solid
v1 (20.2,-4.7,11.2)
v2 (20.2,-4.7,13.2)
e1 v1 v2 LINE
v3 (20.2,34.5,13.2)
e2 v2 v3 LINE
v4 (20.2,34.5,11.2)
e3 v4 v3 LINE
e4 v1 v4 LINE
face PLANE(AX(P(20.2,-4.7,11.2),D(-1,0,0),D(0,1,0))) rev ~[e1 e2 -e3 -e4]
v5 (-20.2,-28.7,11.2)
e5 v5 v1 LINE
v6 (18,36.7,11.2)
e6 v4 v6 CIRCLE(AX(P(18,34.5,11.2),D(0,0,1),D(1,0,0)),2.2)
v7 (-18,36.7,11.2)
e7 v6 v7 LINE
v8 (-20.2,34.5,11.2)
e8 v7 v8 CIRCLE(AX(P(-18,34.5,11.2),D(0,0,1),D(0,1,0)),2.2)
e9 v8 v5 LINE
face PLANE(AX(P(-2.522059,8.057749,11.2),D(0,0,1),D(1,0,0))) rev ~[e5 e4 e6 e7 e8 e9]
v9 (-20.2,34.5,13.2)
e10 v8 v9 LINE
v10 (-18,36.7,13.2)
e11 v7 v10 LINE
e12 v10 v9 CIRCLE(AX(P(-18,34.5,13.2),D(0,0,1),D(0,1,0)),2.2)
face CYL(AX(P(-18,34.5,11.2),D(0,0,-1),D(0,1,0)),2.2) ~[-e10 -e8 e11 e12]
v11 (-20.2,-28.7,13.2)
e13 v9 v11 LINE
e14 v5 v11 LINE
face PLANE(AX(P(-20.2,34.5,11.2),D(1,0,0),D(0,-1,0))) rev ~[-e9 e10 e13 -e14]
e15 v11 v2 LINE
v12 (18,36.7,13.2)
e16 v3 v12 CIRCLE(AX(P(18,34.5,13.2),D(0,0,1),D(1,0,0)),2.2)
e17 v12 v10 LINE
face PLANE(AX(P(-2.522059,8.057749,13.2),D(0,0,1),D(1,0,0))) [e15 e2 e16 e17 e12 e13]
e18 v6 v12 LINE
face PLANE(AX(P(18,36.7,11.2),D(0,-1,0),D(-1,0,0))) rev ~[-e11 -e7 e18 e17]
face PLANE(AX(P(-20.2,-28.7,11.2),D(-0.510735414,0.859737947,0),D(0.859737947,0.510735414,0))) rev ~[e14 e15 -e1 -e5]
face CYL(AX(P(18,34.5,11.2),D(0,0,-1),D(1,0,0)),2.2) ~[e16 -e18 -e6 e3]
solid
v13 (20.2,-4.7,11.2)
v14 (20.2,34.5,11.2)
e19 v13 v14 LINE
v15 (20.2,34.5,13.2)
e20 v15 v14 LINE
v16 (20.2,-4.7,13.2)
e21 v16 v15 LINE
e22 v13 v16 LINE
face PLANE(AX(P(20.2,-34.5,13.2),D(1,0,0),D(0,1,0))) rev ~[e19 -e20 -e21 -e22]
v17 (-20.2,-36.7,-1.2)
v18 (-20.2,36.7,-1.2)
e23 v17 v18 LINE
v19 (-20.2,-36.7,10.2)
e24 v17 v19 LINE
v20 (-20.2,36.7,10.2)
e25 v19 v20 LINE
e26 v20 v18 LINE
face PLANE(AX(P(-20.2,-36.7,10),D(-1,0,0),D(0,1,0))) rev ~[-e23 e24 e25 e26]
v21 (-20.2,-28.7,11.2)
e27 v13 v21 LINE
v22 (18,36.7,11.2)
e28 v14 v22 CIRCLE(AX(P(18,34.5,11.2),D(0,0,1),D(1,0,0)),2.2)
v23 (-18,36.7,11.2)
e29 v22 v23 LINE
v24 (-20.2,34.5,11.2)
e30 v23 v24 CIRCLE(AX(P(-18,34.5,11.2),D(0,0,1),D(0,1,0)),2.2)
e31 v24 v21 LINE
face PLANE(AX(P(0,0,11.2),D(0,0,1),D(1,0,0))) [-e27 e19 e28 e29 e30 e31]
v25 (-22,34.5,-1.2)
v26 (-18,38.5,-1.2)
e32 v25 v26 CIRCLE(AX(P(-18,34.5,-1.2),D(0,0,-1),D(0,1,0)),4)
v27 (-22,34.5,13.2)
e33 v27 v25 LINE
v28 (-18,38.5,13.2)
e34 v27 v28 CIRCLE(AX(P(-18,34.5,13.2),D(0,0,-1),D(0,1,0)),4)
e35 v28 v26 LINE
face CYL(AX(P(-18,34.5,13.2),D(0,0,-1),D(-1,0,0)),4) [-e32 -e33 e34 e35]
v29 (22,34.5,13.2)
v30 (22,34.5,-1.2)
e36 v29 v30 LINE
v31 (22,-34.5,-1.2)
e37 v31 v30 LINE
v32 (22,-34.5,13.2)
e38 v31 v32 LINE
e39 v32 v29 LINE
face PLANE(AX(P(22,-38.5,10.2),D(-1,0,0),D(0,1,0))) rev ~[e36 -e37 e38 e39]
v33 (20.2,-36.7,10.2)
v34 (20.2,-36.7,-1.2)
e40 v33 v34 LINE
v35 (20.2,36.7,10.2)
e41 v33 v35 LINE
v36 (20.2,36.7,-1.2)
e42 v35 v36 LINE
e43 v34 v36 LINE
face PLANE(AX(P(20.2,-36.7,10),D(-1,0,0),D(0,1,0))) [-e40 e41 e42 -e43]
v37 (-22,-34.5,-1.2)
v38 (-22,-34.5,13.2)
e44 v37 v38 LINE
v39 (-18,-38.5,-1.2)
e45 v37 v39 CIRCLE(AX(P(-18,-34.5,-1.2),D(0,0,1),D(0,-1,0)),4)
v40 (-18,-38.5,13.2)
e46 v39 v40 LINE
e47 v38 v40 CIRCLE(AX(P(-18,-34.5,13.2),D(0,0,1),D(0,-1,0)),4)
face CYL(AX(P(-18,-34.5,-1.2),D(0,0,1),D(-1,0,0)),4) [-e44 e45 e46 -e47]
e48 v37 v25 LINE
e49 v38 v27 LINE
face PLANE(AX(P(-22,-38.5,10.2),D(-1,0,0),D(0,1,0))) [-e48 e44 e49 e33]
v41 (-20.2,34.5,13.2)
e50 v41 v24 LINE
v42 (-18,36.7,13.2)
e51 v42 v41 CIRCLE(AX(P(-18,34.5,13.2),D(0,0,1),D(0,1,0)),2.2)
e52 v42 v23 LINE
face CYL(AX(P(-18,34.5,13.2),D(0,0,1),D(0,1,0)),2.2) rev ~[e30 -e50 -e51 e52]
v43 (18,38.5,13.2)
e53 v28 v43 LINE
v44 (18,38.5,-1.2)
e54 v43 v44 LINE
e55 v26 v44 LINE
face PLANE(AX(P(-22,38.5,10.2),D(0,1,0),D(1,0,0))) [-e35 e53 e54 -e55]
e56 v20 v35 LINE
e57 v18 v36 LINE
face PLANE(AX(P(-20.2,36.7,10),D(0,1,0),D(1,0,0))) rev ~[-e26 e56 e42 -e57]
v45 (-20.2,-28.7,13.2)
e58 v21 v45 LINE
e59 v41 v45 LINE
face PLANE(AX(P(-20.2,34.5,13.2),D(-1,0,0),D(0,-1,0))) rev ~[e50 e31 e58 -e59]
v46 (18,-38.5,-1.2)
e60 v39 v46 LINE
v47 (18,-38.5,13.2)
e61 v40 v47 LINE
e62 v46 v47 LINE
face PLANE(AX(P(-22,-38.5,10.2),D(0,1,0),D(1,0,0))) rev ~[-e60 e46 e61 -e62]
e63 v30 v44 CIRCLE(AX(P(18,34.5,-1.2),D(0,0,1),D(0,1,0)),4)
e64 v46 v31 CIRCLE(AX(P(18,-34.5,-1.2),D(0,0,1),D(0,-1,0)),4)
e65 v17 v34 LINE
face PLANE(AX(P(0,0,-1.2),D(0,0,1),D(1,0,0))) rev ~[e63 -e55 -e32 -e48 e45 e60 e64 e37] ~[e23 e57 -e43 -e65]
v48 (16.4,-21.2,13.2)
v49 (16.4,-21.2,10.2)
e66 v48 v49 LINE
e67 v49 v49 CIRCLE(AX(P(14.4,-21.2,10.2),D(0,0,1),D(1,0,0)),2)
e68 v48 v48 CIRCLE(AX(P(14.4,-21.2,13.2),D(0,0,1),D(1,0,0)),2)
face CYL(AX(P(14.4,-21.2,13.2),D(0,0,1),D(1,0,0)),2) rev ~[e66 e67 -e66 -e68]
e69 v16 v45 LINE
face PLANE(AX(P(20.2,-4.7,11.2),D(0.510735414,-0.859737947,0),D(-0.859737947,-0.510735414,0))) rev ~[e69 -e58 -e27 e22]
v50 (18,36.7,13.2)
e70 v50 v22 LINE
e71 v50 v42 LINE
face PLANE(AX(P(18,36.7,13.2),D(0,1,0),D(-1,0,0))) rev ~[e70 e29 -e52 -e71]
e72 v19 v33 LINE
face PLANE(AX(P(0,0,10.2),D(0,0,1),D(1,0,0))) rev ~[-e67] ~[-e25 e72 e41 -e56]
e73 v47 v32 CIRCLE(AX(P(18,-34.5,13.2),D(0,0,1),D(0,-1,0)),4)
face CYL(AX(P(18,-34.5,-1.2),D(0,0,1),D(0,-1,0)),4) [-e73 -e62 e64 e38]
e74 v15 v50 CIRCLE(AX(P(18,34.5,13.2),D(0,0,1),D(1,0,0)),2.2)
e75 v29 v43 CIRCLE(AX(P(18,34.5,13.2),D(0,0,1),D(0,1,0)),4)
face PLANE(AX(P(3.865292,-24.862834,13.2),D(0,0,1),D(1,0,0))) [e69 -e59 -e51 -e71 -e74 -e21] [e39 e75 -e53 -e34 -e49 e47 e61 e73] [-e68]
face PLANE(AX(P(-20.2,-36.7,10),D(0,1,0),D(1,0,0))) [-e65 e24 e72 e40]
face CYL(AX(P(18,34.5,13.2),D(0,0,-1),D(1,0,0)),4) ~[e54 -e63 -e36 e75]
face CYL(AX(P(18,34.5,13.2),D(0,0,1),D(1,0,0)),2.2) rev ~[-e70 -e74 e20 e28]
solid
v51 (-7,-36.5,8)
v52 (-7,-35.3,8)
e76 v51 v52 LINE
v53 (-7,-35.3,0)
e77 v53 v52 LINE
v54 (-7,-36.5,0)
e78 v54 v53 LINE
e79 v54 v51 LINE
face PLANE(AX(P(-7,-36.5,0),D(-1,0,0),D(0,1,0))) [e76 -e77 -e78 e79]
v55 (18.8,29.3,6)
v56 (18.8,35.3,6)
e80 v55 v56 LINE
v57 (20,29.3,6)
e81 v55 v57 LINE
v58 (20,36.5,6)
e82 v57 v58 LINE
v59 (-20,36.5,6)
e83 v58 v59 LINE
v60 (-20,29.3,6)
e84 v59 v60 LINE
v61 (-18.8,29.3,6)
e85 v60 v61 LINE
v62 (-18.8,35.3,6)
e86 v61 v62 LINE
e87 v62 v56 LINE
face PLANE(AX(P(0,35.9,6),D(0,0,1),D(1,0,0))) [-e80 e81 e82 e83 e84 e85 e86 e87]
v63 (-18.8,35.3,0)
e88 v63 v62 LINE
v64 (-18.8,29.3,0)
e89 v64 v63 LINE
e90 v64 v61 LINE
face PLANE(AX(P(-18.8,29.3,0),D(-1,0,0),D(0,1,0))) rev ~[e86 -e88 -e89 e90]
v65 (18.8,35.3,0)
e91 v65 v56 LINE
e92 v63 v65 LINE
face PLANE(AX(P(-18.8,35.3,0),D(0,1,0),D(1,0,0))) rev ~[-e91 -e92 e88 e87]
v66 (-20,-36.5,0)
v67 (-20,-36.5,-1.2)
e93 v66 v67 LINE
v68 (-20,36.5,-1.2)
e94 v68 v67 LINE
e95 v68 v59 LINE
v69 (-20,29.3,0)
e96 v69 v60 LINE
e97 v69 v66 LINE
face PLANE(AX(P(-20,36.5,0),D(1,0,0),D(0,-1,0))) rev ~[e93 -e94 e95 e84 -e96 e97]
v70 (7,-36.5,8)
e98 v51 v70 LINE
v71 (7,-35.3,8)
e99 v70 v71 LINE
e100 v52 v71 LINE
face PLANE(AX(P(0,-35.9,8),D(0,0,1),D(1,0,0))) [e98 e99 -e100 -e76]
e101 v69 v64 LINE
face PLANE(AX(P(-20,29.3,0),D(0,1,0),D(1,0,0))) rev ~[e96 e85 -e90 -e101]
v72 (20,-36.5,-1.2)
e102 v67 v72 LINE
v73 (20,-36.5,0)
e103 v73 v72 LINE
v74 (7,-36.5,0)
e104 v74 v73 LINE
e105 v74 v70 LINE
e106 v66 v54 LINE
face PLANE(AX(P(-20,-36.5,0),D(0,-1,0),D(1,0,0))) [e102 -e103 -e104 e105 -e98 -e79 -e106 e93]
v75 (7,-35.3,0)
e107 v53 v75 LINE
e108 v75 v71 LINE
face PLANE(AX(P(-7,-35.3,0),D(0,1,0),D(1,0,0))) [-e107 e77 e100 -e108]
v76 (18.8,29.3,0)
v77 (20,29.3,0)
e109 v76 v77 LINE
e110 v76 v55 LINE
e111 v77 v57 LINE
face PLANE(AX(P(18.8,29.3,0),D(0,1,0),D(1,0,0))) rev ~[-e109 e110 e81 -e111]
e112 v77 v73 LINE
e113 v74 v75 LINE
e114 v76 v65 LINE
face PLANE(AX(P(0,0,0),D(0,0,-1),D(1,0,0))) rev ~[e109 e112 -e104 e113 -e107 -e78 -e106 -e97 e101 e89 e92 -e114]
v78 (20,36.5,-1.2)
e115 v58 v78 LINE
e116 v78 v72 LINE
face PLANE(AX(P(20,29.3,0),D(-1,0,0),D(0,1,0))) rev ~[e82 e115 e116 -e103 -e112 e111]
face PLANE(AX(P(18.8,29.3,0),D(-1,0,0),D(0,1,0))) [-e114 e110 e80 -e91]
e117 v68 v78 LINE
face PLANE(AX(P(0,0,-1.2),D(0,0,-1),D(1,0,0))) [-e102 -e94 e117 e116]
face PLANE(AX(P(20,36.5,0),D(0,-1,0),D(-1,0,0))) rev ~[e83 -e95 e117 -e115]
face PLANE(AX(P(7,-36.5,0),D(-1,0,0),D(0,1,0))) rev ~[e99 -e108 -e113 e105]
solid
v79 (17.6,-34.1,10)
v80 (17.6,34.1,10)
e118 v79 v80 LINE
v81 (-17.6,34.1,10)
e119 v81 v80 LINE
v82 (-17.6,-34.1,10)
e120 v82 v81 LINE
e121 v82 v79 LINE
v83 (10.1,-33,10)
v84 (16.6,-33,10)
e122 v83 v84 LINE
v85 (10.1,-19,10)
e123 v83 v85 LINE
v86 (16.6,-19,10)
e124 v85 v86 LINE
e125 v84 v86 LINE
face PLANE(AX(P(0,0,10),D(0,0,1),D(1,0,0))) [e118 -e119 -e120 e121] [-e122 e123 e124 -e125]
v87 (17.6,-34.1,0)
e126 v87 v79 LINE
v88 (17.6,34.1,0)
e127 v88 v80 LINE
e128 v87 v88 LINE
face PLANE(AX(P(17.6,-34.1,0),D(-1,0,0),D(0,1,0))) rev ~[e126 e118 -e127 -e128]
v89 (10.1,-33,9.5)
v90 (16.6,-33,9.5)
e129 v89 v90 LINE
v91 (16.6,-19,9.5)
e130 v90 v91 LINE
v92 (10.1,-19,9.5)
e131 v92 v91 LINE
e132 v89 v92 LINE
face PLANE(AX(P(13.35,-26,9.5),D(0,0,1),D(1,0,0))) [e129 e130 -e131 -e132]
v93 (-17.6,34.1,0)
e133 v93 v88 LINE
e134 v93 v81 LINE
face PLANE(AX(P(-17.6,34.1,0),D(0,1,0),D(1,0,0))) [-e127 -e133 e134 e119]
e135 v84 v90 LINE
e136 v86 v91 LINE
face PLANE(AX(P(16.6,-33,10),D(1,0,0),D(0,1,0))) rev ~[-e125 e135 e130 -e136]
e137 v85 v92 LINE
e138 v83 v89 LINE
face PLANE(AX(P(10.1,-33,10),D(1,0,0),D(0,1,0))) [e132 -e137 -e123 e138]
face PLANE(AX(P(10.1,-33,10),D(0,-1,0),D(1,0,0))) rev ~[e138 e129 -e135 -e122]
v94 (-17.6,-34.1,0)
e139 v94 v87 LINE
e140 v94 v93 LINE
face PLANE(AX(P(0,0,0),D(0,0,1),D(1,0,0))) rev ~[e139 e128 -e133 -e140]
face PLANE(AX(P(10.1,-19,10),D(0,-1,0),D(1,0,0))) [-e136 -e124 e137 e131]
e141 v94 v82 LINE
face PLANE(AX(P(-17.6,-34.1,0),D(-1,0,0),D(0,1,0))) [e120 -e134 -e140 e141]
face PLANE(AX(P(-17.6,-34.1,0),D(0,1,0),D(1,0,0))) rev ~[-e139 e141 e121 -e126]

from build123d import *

# Parameters (mm, degrees)
F0_W          = 35.2
F0_H          = 68.2
F1_DEPTH      = 10
F2_W          = 6.5
F2_H          = 14
F3_DEPTH      = 0.5
F4_W          = 40
F4_H          = 73
F5_DEPTH      = 1.2
F6_W          = 44
F6_H          = 77
F6_W_2        = 40.4
F6_H_2        = 73.4
F7_DEPTH      = 11.2
F7_DEPTH_BACK = 0.2
F8_W          = 44
F8_H          = 77
F9_DEPTH      = 3
F10_R         = 4
F11_W         = 14
F11_H         = 1.2
F12_DEPTH     = 8
F13_W         = 1.2
F13_H         = 6
F14_DEPTH     = 6
F16_DEPTH     = 2
F18_DEPTH     = 2
F19_R         = 2
F20_DEPTH     = 3
F22_DEPTH     = 2


with BuildPart() as f1:
    # F0 (on Top) → F1 (new body)
    with BuildSketch(Plane.XY):
        Rectangle(F0_W, F0_H)
    extrude(amount=F1_DEPTH)

    # F2 (on face) → F3 (cut)
    with BuildSketch(Plane.XY.offset(10)):
        with Locations((13.35, -26)):
            Rectangle(F2_W, F2_H)
    extrude(amount=-F3_DEPTH, mode=Mode.SUBTRACT)


with BuildPart() as f5:
    # F4 (on face) → F5 (new body)
    with BuildSketch(Plane(origin=(0, 0, 0), x_dir=(1, 0, 0), z_dir=(0, 0, -1))):
        Rectangle(F4_W, F4_H)
    extrude(amount=F5_DEPTH)

    # F11 (on face) → F12 (join)
    with BuildSketch(Plane.XY):
        with Locations((0, -35.9)):
            Rectangle(F11_W, F11_H)
    extrude(amount=F12_DEPTH)

    # F13 (on face) → F14 (join)
    with BuildSketch(Plane.XY):
        Polygon((20, 36.5), (-20, 36.5), (-20, 35.3), (-18.8, 35.3), (18.8, 35.3), (20, 35.3), align=None)
        with Locations((-19.4, 32.3)):
            Rectangle(F13_W, F13_H)
        with Locations((19.4, 32.3)):
            Rectangle(F13_W, F13_H)
    extrude(amount=F14_DEPTH)


with BuildPart() as f7:
    # F6 (on face) → F7 (new body, two sides)
    with BuildSketch(Plane.XY.offset(10)) as f7_sk:
        Rectangle(F6_W, F6_H)
        Rectangle(F6_W_2, F6_H_2, mode=Mode.SUBTRACT)
    extrude(amount=-F7_DEPTH)
    extrude(f7_sk.sketch, amount=F7_DEPTH_BACK)

    # F8 (on face) → F9 (join)
    with BuildSketch(Plane.XY.offset(10.2)):
        Rectangle(F8_W, F8_H)
    extrude(amount=F9_DEPTH)

    # F10
    f10_edges = [f7.edges().sort_by_distance(p)[0] for p in [
        (-22, 38.5, 6),
        (-22, -38.5, 6),
        (22, 38.5, 6),
        (22, -38.5, 6),
    ]]
    fillet(f10_edges, radius=F10_R)

    # F15 (on face) → F16 (cut)
    with BuildSketch(Plane.XY.offset(13.2)):
        with BuildLine():
            Line((-20.2, 34.5), (-20.2, -34.5))
            ThreePointArc((-20.2, -34.5), (-19.5556349186, -36.0556349186), (-18, -36.7))
            Line((-18, -36.7), (18, -36.7))
            ThreePointArc((18, -36.7), (19.5556349186, -36.0556349186), (20.2, -34.5))
            Line((20.2, -34.5), (20.2, 34.5))
            ThreePointArc((20.2, 34.5), (19.5556349186, 36.0556349186), (18, 36.7))
            Line((18, 36.7), (-18, 36.7))
            ThreePointArc((-18, 36.7), (-19.5556349186, 36.0556349186), (-20.2, 34.5))
        make_face()
    extrude(amount=-F16_DEPTH, mode=Mode.SUBTRACT)

    # F17 (on face) → F18 (join, through all)
    with BuildSketch(Plane.XY.offset(11.2)):
        with BuildLine():
            Line((20.2, -34.5), (20.2, -4.7))
            Line((20.2, -4.7), (-20.2, -28.7))
            Line((-20.2, -28.7), (-20.2, -34.5))
            ThreePointArc((-20.2, -34.5), (-19.5556349186, -36.0556349186), (-18, -36.7))
            Line((-18, -36.7), (18, -36.7))
            ThreePointArc((18, -36.7), (19.5556349186, -36.0556349186), (20.2, -34.5))
        make_face()
    extrude(amount=F18_DEPTH)

    # F19 (on face) → F20 (cut)
    with BuildSketch(Plane.XY.offset(13.2)):
        with Locations((14.4, -21.2)):
            Circle(F19_R)
    extrude(amount=-F20_DEPTH, mode=Mode.SUBTRACT)


with BuildPart() as f22:
    # F21 (on face) → F22 (new body)
    with BuildSketch(Plane.XY.offset(11.2)):
        with BuildLine():
            ThreePointArc((-18, 36.7), (-19.5556349186, 36.0556349186), (-20.2, 34.5))
            Line((-20.2, 34.5), (-20.2, -28.7))
            Line((-20.2, -28.7), (20.2, -4.7))
            Line((20.2, -4.7), (20.2, 34.5))
            ThreePointArc((20.2, 34.5), (19.5556349186, 36.0556349186), (18, 36.7))
            Line((18, 36.7), (-18, 36.7))
        make_face()
    extrude(amount=F22_DEPTH)


solid = Compound([f1.part, f5.part, f7.part, f22.part])
